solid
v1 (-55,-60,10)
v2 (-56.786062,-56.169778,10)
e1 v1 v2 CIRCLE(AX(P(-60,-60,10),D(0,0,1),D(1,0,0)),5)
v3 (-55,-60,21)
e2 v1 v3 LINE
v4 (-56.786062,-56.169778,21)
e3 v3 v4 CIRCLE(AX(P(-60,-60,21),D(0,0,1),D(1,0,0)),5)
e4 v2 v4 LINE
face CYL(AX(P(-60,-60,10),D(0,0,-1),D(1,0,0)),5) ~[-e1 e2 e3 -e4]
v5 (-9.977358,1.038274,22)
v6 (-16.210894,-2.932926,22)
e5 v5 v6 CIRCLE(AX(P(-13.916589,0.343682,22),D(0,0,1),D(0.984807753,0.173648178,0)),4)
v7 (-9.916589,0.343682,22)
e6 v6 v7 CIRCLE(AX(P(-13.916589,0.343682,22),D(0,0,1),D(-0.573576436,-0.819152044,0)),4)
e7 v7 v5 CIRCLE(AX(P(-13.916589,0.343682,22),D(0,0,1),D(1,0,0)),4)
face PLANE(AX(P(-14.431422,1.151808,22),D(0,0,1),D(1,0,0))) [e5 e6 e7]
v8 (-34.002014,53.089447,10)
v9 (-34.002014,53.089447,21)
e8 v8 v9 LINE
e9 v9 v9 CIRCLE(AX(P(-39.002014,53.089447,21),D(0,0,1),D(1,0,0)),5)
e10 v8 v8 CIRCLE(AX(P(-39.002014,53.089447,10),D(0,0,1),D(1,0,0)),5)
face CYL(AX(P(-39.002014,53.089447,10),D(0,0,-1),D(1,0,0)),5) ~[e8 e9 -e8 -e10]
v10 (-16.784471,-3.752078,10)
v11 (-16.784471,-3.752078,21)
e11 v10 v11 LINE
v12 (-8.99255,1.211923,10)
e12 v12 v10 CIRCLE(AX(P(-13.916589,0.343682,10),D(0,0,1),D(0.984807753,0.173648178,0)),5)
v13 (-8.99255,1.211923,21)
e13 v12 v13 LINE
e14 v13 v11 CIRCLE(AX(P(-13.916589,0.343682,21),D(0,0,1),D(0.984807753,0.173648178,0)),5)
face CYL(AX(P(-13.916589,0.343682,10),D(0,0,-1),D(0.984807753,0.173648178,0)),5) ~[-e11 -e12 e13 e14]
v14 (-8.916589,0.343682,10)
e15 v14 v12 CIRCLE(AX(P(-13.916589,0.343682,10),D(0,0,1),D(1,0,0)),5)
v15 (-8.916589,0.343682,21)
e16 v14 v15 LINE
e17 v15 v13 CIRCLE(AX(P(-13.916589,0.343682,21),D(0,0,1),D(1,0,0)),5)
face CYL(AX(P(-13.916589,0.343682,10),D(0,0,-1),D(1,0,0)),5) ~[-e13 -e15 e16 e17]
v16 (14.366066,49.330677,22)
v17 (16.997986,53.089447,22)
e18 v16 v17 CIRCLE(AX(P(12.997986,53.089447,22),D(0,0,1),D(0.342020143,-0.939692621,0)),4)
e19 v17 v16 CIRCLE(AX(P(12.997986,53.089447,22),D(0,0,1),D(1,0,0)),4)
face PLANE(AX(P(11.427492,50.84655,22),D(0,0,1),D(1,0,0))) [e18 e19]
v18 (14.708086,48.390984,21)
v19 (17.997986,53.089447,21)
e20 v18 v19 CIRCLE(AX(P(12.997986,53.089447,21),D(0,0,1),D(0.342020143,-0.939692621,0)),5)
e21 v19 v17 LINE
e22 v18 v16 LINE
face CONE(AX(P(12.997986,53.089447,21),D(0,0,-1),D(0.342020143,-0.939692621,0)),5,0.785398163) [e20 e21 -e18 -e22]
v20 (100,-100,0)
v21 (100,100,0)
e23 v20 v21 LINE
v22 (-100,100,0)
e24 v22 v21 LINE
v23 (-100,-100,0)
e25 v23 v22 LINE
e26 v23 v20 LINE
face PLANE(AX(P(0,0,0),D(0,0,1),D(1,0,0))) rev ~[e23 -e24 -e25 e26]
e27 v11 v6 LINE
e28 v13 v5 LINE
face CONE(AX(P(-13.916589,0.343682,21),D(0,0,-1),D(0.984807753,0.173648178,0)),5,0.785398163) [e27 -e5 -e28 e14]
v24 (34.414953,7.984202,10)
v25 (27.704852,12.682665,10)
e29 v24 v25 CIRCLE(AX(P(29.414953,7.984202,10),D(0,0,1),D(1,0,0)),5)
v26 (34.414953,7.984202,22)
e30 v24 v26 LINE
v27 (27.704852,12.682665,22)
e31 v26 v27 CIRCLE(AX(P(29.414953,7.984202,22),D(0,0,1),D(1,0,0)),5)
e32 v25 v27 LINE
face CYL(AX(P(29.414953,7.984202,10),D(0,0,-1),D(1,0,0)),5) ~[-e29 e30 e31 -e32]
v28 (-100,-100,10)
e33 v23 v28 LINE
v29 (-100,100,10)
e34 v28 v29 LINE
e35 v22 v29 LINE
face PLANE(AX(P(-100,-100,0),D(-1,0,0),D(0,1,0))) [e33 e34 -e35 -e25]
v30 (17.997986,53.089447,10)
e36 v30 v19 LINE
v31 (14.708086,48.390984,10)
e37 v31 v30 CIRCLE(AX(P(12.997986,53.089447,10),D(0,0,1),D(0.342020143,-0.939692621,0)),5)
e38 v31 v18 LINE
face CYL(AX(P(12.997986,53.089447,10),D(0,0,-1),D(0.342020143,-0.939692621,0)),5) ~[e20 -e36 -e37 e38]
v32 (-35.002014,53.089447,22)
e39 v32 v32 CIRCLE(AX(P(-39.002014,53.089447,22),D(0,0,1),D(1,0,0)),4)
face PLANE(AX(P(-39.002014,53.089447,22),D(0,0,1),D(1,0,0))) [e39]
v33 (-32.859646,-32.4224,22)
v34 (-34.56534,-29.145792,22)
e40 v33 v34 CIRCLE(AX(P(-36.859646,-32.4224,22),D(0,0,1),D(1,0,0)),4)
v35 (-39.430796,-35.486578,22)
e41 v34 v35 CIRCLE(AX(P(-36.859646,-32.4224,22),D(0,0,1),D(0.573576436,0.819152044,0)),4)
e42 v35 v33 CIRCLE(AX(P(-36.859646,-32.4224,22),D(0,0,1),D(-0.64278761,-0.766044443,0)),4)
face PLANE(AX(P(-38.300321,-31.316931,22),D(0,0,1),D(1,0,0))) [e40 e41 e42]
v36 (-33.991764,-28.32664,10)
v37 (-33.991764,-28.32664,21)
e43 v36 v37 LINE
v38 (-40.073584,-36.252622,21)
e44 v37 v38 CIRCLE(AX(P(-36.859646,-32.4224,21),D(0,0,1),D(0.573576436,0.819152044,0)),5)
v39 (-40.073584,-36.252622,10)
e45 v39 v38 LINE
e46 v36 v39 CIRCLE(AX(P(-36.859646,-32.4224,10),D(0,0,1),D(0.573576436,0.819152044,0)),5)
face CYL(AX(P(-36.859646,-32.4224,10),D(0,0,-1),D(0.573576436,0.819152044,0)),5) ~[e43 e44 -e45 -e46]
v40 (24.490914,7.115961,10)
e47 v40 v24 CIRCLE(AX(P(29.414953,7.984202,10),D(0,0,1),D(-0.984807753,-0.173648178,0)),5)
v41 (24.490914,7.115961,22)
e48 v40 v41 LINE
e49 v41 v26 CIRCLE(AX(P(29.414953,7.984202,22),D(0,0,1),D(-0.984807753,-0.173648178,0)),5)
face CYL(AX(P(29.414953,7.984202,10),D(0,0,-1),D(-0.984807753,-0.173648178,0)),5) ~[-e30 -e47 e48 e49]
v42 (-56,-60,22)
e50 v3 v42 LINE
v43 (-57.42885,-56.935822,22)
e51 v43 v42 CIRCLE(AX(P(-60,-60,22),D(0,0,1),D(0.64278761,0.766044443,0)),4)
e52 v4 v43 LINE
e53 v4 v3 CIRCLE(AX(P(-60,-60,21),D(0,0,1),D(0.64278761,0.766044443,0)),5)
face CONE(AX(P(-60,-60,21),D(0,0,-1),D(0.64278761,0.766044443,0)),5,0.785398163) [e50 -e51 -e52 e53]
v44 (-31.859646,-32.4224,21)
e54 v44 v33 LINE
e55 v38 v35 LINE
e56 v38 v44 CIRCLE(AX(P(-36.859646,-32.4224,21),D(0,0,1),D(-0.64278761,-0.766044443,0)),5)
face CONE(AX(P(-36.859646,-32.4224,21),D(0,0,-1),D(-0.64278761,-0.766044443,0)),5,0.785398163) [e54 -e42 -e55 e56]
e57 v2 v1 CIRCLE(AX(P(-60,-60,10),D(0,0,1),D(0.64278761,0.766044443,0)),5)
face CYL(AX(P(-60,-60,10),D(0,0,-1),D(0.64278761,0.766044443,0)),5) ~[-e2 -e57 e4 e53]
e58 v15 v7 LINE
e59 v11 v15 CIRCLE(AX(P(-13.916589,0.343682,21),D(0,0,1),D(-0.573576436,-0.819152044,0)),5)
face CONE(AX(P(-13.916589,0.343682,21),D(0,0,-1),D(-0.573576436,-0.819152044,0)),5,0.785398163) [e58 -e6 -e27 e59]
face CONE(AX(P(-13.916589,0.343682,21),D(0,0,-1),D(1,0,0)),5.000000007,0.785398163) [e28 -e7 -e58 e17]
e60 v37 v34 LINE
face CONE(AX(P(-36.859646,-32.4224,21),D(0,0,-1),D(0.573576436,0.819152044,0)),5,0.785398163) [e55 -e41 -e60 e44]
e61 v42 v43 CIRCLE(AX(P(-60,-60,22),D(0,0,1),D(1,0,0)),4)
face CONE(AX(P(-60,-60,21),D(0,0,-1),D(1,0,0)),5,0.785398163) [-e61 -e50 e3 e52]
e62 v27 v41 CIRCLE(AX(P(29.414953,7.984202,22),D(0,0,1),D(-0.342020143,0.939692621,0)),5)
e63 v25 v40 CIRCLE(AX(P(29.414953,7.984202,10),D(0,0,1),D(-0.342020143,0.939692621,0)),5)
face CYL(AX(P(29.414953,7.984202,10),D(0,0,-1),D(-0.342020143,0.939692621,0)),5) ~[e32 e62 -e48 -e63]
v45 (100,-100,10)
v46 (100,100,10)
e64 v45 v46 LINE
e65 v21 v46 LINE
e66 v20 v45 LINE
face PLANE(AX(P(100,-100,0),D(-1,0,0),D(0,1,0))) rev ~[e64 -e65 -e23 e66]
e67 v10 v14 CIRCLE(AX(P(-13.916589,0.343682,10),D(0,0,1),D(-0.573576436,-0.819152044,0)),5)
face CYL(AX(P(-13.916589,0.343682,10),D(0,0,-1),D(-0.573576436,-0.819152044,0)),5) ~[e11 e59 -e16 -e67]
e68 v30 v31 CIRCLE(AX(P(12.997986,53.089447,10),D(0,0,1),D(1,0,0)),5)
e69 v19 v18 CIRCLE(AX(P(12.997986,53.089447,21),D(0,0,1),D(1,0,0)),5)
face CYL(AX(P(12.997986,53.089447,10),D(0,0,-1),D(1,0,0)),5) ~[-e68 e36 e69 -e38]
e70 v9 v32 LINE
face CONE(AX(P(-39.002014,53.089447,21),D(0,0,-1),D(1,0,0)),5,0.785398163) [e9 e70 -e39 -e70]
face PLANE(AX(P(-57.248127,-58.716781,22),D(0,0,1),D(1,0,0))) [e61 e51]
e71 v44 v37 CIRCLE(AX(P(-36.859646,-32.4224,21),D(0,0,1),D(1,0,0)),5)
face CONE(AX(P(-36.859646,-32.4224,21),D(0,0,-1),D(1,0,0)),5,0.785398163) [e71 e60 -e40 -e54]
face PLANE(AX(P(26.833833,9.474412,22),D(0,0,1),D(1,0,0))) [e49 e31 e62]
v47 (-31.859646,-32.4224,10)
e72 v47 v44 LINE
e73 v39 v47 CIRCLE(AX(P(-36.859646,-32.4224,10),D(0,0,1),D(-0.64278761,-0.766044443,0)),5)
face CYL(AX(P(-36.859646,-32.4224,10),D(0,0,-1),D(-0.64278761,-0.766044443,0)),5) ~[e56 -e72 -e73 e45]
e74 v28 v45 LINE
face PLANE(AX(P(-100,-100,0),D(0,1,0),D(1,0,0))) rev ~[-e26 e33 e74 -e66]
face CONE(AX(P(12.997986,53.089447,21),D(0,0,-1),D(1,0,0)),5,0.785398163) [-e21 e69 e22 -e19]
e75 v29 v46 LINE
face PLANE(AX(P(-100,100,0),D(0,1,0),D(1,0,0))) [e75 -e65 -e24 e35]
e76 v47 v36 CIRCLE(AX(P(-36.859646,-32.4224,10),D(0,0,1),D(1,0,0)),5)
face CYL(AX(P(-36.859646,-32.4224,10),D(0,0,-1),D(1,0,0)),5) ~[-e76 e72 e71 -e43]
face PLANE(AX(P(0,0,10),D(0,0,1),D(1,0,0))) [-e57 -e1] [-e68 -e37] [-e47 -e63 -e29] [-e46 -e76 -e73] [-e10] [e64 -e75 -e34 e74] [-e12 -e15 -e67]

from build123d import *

# Parameters (mm, degrees)
F0_W     = 200
F0_H     = 200
F1_DEPTH = 10
F2_R     = 5
F3_DEPTH = 12
F4_SIZE  = 1


with BuildPart() as f1:
    # F0 (on Top) → F1 (new body)
    with BuildSketch(Plane.XY):
        Rectangle(F0_W, F0_H)
    extrude(amount=F1_DEPTH)

    # F2 (on face) → F3 (join)
    with BuildSketch(Plane.XY.offset(10)):
        with BuildLine():
            Line((-60, -60), (-55, -60))
            ThreePointArc((-55, -60), (-55.4684610648, -57.8869086913), (-56.7860619516, -56.1697777844))
            Line((-56.7860619516, -56.1697777844), (-60, -60))
        make_face()
        with Locations((-39.0020143443, 53.0894473389)):
            Circle(F2_R)
        with BuildLine():
            ThreePointArc((7.9979856557, 53.0894473389), (10.1301034739, 48.9936871175), (14.7080863723, 48.390984235))
            Line((14.7080863723, 48.390984235), (12.9979856557, 53.0894473389))
            Line((12.9979856557, 53.0894473389), (7.9979856557, 53.0894473389))
        make_face()
        with BuildLine():
            Line((12.9979856557, 53.0894473389), (14.7080863723, 48.390984235))
            ThreePointArc((14.7080863723, 48.390984235), (17.0937458771, 50.2215651572), (17.9979856557, 53.0894473389))
            ThreePointArc((17.9979856557, 53.0894473389), (12.9979856557, 58.0894473389), (7.9979856557, 53.0894473389))
            Line((7.9979856557, 53.0894473389), (12.9979856557, 53.0894473389))
        make_face()
        with BuildLine():
            ThreePointArc((27.7048518187, 12.6826646451), (25.0848255164, 10.4842015412), (24.4909137702, 7.1159606529))
            Line((24.4909137702, 7.1159606529), (29.4149525353, 7.9842015412))
            Line((29.4149525353, 7.9842015412), (27.7048518187, 12.6826646451))
        make_face()
        with BuildLine():
            Line((29.4149525353, 7.9842015412), (24.4909137702, 7.1159606529))
            ThreePointArc((24.4909137702, 7.1159606529), (29.850731249, 3.0032280507), (34.4149525353, 7.9842015412))
            ThreePointArc((34.4149525353, 7.9842015412), (32.282834717, 12.0799617626), (27.7048518187, 12.6826646451))
            Line((27.7048518187, 12.6826646451), (29.4149525353, 7.9842015412))
        make_face()
        with BuildLine():
            ThreePointArc((-8.9925498322, 1.2119226122), (-16.603086639, 4.5606389529), (-16.784470779, -3.7520784976))
            Line((-16.784470779, -3.7520784976), (-13.9165885972, 0.3436817238))
            Line((-13.9165885972, 0.3436817238), (-8.9925498322, 1.2119226122))
        make_face()
        with BuildLine():
            Line((-13.9165885972, 0.3436817238), (-16.784470779, -3.7520784976))
            ThreePointArc((-16.784470779, -3.7520784976), (-11.6078455311, -4.091372442), (-8.9165885972, 0.3436817238))
            ThreePointArc((-8.9165885972, 0.3436817238), (-8.9356151068, 0.7794604376), (-8.9925498322, 1.2119226122))
            Line((-8.9925498322, 1.2119226122), (-13.9165885972, 0.3436817238))
        make_face()
        with BuildLine():
            ThreePointArc((-33.9917638695, -28.3266398263), (-40.8264127527, -29.3785929027), (-40.0735840997, -36.2526222633))
            Line((-40.0735840997, -36.2526222633), (-36.8596460513, -32.4224000477))
            Line((-36.8596460513, -32.4224000477), (-33.9917638695, -28.3266398263))
        make_face()
        with BuildLine():
            Line((-36.8596460513, -32.4224000477), (-40.0735840997, -36.2526222633))
            ThreePointArc((-40.0735840997, -36.2526222633), (-34.7465547426, -36.9539389829), (-31.8596460513, -32.4224000477))
            ThreePointArc((-31.8596460513, -32.4224000477), (-32.4245918854, -30.1136569815), (-33.9917638695, -28.3266398263))
            Line((-33.9917638695, -28.3266398263), (-36.8596460513, -32.4224000477))
        make_face()
        with BuildLine():
            ThreePointArc((-56.7860619516, -56.1697777844), (-64.5315389352, -62.1130913087), (-55, -60))
            Line((-55, -60), (-60, -60))
            Line((-60, -60), (-56.7860619516, -56.1697777844))
        make_face()
    extrude(amount=F3_DEPTH)

    # F4
    f4_edges = [f1.edges().sort_by_distance(p)[0] for p in [
        (-63.213938, -63.830222, 22),
        (-33.645708, -28.592178, 22),
        (-11.048706, 4.439442, 22),
        (11.287885, 57.78791, 22),
        (-44.002014, 53.089447, 22),
    ]]
    chamfer(f4_edges, length=F4_SIZE)


solid = f1.part
